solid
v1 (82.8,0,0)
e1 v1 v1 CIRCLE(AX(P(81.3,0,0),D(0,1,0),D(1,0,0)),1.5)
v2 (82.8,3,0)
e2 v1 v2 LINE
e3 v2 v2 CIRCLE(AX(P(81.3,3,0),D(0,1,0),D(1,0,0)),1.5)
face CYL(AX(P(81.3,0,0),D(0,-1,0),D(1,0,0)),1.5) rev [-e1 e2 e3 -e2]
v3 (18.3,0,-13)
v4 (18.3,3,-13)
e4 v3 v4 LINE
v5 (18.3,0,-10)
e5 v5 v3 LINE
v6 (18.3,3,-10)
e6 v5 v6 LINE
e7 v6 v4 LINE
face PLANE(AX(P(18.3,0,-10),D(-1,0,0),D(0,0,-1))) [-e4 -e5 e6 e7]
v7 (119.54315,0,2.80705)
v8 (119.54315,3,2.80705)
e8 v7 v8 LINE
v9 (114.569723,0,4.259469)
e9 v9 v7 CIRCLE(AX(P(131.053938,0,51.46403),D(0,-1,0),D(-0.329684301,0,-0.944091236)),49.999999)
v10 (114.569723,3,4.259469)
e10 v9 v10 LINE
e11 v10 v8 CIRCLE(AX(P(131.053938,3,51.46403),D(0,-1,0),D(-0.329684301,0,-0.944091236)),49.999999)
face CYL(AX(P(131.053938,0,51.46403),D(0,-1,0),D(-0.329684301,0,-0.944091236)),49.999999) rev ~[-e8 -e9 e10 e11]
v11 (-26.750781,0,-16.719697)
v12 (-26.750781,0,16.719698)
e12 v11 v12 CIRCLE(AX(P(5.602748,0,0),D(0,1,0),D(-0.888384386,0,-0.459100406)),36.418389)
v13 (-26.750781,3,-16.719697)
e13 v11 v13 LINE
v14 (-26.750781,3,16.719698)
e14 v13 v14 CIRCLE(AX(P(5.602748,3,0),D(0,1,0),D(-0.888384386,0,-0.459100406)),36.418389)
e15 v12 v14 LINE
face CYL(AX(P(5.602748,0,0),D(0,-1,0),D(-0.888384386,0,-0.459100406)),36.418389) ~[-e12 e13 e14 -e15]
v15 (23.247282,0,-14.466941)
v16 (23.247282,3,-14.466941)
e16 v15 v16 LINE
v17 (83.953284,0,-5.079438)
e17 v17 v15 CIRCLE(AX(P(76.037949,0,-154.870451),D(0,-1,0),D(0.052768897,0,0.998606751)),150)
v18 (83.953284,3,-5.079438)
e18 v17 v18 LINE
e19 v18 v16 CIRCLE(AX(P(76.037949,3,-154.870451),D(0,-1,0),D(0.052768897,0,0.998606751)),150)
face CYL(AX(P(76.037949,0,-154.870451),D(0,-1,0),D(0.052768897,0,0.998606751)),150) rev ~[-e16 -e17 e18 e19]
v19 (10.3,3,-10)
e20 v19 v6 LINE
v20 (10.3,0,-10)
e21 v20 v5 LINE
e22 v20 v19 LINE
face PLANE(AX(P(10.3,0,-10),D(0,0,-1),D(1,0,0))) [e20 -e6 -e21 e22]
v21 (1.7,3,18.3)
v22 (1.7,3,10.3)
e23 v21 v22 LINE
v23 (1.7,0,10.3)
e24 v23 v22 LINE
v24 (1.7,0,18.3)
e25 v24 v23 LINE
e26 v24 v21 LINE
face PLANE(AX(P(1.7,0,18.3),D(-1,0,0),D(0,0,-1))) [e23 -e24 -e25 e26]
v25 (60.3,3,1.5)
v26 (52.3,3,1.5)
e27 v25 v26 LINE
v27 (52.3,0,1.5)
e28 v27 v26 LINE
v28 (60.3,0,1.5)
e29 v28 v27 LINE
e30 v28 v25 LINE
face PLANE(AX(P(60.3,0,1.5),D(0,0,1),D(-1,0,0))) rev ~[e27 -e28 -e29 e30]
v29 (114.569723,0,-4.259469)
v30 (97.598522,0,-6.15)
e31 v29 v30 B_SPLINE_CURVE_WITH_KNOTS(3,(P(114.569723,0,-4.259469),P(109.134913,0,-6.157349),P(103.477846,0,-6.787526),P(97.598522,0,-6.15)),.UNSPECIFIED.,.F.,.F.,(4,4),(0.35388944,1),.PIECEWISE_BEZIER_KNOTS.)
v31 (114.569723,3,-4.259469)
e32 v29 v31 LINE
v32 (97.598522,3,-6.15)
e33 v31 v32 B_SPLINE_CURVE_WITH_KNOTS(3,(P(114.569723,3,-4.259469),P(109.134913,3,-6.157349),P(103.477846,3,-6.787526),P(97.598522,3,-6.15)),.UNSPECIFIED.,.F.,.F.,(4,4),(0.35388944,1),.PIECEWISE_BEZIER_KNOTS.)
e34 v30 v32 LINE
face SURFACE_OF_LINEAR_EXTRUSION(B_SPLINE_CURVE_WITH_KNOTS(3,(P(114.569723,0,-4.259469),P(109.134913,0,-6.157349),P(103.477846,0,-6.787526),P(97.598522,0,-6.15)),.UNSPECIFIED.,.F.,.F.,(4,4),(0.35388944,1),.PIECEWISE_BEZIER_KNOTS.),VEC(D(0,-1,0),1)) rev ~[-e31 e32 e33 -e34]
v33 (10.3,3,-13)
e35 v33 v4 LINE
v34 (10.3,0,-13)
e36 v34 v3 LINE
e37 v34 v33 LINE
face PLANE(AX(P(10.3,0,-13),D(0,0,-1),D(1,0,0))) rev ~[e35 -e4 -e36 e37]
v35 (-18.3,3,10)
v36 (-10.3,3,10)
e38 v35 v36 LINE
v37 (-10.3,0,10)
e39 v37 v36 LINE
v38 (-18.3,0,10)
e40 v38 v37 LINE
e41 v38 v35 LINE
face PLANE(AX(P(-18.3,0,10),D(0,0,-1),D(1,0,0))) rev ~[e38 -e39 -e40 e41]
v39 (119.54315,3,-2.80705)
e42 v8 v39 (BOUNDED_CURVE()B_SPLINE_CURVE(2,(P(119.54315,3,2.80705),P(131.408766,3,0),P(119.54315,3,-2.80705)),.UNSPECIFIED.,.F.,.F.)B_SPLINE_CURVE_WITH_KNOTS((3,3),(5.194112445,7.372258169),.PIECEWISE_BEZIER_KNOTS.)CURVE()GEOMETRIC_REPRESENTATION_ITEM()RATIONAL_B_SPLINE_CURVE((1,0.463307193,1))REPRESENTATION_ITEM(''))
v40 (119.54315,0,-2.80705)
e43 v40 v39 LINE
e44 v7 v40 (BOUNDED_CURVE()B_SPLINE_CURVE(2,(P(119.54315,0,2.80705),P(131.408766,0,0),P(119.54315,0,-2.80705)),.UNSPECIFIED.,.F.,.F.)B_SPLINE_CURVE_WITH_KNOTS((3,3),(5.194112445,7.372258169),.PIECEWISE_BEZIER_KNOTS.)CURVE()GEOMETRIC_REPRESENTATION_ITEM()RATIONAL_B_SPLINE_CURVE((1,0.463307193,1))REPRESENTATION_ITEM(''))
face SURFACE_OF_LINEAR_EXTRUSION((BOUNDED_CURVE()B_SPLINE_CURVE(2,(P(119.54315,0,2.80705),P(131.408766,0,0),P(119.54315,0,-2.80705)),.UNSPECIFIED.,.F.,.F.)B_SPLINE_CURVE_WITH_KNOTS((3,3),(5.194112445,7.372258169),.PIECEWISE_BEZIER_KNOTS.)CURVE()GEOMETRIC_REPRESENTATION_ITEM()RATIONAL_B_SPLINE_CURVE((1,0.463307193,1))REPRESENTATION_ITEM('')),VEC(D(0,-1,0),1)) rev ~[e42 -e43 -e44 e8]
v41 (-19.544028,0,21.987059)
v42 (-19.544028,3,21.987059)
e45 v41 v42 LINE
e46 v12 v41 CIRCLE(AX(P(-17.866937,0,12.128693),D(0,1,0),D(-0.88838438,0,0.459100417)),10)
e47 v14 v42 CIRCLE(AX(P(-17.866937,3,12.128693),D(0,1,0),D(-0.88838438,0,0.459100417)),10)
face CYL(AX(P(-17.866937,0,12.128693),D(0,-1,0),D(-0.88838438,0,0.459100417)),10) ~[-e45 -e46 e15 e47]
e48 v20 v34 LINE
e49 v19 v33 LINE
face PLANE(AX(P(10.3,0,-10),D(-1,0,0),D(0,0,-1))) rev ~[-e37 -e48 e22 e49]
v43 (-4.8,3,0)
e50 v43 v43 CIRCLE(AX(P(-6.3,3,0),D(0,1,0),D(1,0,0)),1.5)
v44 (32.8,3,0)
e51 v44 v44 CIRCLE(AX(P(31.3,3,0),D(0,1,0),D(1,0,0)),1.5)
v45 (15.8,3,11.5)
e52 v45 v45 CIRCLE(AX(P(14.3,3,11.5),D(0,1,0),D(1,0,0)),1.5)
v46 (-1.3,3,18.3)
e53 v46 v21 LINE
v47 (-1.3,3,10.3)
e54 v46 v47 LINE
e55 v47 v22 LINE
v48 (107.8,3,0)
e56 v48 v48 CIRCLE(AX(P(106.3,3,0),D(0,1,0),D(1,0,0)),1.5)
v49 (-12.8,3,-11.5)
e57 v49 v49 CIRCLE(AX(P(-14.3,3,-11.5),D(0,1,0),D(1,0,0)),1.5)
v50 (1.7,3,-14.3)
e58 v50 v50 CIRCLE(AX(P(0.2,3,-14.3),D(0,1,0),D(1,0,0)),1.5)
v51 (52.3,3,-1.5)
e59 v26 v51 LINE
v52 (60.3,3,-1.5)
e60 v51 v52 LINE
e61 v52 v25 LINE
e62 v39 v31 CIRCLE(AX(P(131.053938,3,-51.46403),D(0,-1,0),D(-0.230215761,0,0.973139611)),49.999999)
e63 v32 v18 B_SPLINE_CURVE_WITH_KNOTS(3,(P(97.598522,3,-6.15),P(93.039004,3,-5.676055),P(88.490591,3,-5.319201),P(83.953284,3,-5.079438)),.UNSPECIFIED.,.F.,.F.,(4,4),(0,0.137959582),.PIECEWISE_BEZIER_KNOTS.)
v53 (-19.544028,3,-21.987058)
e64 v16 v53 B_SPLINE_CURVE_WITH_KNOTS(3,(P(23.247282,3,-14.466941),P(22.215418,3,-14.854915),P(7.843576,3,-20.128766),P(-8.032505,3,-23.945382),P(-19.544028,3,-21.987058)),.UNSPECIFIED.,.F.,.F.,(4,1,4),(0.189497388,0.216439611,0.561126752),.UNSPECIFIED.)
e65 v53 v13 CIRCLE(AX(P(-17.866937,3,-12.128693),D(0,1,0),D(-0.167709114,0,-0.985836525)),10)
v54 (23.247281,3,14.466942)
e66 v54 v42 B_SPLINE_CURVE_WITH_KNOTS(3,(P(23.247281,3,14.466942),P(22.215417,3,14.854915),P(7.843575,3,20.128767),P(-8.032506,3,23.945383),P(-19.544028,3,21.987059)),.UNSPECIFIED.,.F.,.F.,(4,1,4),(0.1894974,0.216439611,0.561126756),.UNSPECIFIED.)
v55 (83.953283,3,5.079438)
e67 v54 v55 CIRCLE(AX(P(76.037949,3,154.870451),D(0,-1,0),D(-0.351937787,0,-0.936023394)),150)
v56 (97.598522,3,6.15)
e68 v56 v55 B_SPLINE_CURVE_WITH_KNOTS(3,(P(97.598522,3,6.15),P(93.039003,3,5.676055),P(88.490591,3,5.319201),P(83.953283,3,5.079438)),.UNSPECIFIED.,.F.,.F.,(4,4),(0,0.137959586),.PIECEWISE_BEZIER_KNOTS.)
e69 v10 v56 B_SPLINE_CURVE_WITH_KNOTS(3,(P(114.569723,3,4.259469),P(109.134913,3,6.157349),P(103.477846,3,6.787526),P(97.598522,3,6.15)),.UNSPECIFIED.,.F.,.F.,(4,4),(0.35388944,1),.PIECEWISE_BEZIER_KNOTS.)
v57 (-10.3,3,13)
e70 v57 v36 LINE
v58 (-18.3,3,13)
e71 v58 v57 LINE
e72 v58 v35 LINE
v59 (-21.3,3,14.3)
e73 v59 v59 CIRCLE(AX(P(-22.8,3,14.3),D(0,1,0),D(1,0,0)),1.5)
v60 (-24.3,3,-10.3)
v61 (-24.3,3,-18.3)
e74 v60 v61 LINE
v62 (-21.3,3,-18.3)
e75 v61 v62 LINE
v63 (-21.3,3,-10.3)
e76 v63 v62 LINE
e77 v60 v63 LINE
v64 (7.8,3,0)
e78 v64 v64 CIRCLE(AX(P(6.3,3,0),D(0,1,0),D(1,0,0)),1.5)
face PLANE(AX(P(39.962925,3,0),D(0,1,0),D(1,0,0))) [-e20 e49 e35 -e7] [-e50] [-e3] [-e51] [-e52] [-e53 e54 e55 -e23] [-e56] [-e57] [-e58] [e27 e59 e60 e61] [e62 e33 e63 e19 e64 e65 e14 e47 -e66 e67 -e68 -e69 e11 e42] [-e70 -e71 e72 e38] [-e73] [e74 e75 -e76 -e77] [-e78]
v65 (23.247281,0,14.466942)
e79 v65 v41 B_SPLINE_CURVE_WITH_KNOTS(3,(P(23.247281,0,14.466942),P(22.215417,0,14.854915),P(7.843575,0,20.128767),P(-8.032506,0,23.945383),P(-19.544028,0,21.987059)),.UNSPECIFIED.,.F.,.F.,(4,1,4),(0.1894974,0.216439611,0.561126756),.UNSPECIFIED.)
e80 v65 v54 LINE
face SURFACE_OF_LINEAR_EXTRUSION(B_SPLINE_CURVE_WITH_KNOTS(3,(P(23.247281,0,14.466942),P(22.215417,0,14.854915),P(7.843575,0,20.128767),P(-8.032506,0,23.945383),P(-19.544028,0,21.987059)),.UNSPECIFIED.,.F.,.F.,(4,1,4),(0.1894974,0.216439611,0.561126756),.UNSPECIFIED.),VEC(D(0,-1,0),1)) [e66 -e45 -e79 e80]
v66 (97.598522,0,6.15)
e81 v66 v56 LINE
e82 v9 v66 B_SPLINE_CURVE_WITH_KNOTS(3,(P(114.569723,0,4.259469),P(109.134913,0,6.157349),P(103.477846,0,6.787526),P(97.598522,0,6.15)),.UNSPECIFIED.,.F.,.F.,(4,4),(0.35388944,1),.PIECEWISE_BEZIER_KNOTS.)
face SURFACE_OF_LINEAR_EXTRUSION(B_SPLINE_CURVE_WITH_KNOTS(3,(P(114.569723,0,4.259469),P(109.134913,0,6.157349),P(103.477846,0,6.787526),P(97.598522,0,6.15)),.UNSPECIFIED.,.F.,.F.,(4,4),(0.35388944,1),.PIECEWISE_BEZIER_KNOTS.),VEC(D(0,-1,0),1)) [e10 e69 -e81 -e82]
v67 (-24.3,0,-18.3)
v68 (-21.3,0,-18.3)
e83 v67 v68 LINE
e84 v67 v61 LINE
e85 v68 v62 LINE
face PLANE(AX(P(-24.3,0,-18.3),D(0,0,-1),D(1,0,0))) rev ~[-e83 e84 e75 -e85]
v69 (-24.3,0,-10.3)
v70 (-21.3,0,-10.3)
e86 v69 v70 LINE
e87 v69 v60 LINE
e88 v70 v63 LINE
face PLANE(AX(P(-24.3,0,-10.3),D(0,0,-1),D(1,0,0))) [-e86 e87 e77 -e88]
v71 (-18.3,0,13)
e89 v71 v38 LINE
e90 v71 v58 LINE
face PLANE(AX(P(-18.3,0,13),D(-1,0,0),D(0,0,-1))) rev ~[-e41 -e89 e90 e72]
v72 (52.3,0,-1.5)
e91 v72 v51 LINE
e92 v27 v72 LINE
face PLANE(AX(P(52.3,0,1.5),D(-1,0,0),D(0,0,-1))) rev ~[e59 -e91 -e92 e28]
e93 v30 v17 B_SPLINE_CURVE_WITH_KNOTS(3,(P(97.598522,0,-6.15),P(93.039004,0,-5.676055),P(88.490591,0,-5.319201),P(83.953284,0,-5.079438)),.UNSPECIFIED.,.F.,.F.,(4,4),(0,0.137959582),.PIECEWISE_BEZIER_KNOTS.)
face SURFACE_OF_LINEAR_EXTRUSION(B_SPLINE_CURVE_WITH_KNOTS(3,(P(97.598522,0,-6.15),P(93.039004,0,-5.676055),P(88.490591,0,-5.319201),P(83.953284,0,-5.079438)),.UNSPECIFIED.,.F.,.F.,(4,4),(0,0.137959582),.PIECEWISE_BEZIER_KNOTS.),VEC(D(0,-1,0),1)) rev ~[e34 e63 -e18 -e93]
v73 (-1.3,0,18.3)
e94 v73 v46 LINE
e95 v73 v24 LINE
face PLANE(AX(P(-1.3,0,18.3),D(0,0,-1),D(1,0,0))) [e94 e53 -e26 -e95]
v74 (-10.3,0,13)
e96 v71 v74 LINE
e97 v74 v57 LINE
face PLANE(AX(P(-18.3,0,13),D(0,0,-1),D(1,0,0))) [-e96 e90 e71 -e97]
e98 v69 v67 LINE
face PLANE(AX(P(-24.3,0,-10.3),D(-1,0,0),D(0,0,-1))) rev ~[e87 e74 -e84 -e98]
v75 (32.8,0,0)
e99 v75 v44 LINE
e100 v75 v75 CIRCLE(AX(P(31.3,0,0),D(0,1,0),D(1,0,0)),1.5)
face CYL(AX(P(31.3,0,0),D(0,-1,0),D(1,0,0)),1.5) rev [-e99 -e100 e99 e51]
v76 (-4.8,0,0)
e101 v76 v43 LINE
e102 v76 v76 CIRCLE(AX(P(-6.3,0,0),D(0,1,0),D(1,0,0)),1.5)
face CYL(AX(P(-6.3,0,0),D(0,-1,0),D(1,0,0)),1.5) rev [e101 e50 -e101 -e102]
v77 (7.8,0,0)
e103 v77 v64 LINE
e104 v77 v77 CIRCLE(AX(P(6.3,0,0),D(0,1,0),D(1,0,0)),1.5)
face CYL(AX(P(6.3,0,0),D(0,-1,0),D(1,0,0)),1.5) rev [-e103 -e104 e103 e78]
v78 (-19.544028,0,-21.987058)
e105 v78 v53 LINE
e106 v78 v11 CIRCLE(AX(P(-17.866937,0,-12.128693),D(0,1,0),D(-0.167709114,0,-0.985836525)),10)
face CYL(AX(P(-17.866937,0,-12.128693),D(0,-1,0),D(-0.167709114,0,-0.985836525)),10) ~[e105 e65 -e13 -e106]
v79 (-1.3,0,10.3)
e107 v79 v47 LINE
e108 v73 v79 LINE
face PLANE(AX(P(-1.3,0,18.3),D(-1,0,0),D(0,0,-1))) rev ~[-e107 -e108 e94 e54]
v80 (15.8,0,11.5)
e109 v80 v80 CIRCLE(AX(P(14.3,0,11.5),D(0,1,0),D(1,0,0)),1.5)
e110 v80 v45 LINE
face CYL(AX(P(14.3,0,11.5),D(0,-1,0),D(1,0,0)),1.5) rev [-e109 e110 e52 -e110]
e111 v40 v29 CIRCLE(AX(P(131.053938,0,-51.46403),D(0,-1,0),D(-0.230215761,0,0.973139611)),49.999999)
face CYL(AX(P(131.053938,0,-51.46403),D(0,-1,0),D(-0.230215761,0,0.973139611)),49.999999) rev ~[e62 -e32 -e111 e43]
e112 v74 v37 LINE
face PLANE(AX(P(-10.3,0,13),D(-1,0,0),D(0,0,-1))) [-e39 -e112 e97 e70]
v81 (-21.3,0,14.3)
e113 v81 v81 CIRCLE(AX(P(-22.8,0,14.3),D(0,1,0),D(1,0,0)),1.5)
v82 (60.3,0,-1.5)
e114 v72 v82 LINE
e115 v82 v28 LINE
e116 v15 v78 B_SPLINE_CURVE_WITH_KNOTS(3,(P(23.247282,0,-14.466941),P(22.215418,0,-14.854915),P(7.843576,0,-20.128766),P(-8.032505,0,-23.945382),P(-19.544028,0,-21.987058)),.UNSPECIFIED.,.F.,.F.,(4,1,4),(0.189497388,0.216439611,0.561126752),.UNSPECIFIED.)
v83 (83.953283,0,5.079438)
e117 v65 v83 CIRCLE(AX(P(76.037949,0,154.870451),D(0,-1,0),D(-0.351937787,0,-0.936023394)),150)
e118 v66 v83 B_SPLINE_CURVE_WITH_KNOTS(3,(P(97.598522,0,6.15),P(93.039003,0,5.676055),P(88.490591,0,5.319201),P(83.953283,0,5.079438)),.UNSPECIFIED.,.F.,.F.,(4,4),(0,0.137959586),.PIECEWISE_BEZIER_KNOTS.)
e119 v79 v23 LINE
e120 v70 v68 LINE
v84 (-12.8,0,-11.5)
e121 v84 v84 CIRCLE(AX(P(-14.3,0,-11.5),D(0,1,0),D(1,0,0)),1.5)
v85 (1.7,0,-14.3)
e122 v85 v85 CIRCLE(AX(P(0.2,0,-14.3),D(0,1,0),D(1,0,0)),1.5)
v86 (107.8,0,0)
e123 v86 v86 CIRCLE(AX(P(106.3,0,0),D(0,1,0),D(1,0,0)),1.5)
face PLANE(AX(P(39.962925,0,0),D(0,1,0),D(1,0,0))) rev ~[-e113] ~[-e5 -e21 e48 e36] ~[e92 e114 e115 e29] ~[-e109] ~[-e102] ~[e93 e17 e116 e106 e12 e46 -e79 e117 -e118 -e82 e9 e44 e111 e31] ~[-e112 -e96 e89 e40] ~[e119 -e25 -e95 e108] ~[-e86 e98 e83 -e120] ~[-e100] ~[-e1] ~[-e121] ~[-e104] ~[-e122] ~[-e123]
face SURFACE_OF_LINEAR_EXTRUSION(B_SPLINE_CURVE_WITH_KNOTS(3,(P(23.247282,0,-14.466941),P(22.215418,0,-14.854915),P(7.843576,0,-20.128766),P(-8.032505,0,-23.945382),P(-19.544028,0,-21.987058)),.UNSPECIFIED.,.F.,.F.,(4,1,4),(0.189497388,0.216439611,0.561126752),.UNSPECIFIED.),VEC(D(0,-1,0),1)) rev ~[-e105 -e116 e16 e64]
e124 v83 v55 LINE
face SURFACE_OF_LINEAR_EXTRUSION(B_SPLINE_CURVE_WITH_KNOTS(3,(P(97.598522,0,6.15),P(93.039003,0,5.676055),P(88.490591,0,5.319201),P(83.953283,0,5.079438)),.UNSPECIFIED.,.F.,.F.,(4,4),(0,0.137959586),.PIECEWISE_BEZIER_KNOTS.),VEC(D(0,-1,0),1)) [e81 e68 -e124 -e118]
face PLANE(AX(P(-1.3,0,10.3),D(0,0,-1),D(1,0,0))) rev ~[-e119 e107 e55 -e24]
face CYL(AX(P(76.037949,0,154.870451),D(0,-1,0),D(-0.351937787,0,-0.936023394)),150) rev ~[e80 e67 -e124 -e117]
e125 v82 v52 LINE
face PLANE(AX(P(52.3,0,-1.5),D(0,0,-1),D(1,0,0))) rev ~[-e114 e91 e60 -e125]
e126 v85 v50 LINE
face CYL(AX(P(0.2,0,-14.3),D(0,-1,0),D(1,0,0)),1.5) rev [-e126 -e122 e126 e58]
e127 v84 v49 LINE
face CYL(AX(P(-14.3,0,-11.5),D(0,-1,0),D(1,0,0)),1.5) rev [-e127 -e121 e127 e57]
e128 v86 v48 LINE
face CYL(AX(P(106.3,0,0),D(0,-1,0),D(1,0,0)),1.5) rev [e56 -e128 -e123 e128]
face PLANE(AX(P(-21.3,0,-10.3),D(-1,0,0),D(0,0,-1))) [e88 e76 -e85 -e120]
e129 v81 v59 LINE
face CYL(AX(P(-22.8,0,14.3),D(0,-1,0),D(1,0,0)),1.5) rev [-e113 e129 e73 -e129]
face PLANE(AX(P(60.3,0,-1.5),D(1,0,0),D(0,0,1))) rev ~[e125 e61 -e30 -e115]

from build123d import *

# Parameters (mm, degrees)
ESBO_O1_R                = 1.5
ESBO_O1_W                = 3
ESBO_O1_H                = 8
ESBO_O1_W_2              = 8
ESBO_O1_H_2              = 3
RESSALTO_EXTRUS_O1_DEPTH = 3


with BuildPart() as part:
    # Esboço1 → Ressalto-extrusão1 (new body)
    with BuildSketch(Plane(origin=(0, 0, 0), x_dir=(1, 0, 0), z_dir=(0, 1, 0))):
        with BuildLine():
            ThreePointArc((-19.544028008, 21.987058404), (-23.767751262, 20.202130438), (-26.75078073, 16.719697214))
            ThreePointArc((-26.75078073, 16.719697214), (-30.815641586, -2.3e-07), (-26.750780519, -16.719697622))
            ThreePointArc((-26.750780519, -16.719697622), (-23.767751269, -20.202130616), (-19.544028371, -21.987058612))
            add(Edge.make_bspline(
                [(23.247280819, -14.466941833), (22.21541658, -14.85491506), (7.843575487, -20.128766531), (-8.032505645, -23.945383183), (-19.544028371, -21.987058612)],
                knots=[0.1894974, 0.1894974, 0.1894974, 0.1894974, 0.216439611, 0.561126756, 0.561126756, 0.561126756, 0.561126756], degree=3))
            ThreePointArc((23.247280819, -14.466941833), (53.114593998, -6.632399806), (83.953283265, -5.079438247))
            add(Edge.make_bspline(
                [(97.598521861, -6.15), (93.039003458, -5.676054912), (88.490590593, -5.319200994), (83.953283265, -5.079438247)],
                knots=[0, 0, 0, 0, 0.137959586, 0.137959586, 0.137959586, 0.137959586], degree=3))
            add(Edge.make_bspline(
                [(114.569723425, -4.259468977), (109.134912936, -6.157348784), (103.477845748, -6.787525792), (97.598521861, -6.15)],
                knots=[0.35388944, 0.35388944, 0.35388944, 0.35388944, 1, 1, 1, 1], degree=3))
            ThreePointArc((114.569723425, -4.259468977), (117.037611185, -3.468795912), (119.543150354, -2.807050219))
            add(Edge.make_bspline(
                [(119.543150354, -2.807050219), (131.408766059, 0), (119.543150354, 2.807050219)],
                knots=[5.194112445, 5.194112445, 5.194112445, 7.372258169, 7.372258169, 7.372258169], degree=2, weights=[1, 0.463307193, 1]))
            ThreePointArc((119.543150354, 2.807050219), (117.037611185, 3.468795912), (114.569723425, 4.259468977))
            add(Edge.make_bspline(
                [(114.569723425, 4.259468977), (109.134912936, 6.157348784), (103.477845748, 6.787525792), (97.598521861, 6.15)],
                knots=[0.35388944, 0.35388944, 0.35388944, 0.35388944, 1, 1, 1, 1], degree=3))
            add(Edge.make_bspline(
                [(97.598521861, 6.15), (93.039003574, 5.676054924), (88.490590825, 5.319201013), (83.953283612, 5.079438265)],
                knots=[0, 0, 0, 0, 0.137959582, 0.137959582, 0.137959582, 0.137959582], degree=3))
            ThreePointArc((83.953283612, 5.079438265), (53.114594943, 6.632399691), (23.24728229, 14.466941345))
            add(Edge.make_bspline(
                [(23.24728229, 14.466941345), (22.21541757, 14.854914742), (7.843576153, 20.128766099), (-8.032505406, 23.945382333), (-19.544028008, 21.987058404)],
                knots=[0.189497388, 0.189497388, 0.189497388, 0.189497388, 0.216439611, 0.561126752, 0.561126752, 0.561126752, 0.561126752], degree=3))
        make_face()
        with Locations((-22.8, -14.3)):
            Circle(ESBO_O1_R, mode=Mode.SUBTRACT)
        with Locations((0.2, -14.3)):
            Rectangle(ESBO_O1_W, ESBO_O1_H, mode=Mode.SUBTRACT)
        with Locations((-14.3, -11.5)):
            Rectangle(ESBO_O1_W_2, ESBO_O1_H_2, mode=Mode.SUBTRACT)
        with Locations((14.3, -11.5)):
            Circle(ESBO_O1_R, mode=Mode.SUBTRACT)
        with Locations((-6.3, 0)):
            Circle(ESBO_O1_R, mode=Mode.SUBTRACT)
        with Locations((6.3, 0)):
            Circle(ESBO_O1_R, mode=Mode.SUBTRACT)
        with Locations((-14.3, 11.5)):
            Circle(ESBO_O1_R, mode=Mode.SUBTRACT)
        with Locations((31.3, 0)):
            Circle(ESBO_O1_R, mode=Mode.SUBTRACT)
        with Locations((14.3, 11.500000009)):
            Rectangle(ESBO_O1_W_2, ESBO_O1_H_2, mode=Mode.SUBTRACT)
        with Locations((-22.8, 14.3)):
            Rectangle(ESBO_O1_W, ESBO_O1_H, mode=Mode.SUBTRACT)
        with Locations((0.2, 14.3)):
            Circle(ESBO_O1_R, mode=Mode.SUBTRACT)
        Polygon((60.3, -1.5), (56.3, -1.5), (52.3, -1.5), (52.3, 1.5), (60.3, 1.5), align=None, mode=Mode.SUBTRACT)
        with Locations((81.3, 0)):
            Circle(ESBO_O1_R, mode=Mode.SUBTRACT)
        with Locations((106.3, 0)):
            Circle(ESBO_O1_R, mode=Mode.SUBTRACT)
    extrude(amount=RESSALTO_EXTRUS_O1_DEPTH)


solid = part.part
